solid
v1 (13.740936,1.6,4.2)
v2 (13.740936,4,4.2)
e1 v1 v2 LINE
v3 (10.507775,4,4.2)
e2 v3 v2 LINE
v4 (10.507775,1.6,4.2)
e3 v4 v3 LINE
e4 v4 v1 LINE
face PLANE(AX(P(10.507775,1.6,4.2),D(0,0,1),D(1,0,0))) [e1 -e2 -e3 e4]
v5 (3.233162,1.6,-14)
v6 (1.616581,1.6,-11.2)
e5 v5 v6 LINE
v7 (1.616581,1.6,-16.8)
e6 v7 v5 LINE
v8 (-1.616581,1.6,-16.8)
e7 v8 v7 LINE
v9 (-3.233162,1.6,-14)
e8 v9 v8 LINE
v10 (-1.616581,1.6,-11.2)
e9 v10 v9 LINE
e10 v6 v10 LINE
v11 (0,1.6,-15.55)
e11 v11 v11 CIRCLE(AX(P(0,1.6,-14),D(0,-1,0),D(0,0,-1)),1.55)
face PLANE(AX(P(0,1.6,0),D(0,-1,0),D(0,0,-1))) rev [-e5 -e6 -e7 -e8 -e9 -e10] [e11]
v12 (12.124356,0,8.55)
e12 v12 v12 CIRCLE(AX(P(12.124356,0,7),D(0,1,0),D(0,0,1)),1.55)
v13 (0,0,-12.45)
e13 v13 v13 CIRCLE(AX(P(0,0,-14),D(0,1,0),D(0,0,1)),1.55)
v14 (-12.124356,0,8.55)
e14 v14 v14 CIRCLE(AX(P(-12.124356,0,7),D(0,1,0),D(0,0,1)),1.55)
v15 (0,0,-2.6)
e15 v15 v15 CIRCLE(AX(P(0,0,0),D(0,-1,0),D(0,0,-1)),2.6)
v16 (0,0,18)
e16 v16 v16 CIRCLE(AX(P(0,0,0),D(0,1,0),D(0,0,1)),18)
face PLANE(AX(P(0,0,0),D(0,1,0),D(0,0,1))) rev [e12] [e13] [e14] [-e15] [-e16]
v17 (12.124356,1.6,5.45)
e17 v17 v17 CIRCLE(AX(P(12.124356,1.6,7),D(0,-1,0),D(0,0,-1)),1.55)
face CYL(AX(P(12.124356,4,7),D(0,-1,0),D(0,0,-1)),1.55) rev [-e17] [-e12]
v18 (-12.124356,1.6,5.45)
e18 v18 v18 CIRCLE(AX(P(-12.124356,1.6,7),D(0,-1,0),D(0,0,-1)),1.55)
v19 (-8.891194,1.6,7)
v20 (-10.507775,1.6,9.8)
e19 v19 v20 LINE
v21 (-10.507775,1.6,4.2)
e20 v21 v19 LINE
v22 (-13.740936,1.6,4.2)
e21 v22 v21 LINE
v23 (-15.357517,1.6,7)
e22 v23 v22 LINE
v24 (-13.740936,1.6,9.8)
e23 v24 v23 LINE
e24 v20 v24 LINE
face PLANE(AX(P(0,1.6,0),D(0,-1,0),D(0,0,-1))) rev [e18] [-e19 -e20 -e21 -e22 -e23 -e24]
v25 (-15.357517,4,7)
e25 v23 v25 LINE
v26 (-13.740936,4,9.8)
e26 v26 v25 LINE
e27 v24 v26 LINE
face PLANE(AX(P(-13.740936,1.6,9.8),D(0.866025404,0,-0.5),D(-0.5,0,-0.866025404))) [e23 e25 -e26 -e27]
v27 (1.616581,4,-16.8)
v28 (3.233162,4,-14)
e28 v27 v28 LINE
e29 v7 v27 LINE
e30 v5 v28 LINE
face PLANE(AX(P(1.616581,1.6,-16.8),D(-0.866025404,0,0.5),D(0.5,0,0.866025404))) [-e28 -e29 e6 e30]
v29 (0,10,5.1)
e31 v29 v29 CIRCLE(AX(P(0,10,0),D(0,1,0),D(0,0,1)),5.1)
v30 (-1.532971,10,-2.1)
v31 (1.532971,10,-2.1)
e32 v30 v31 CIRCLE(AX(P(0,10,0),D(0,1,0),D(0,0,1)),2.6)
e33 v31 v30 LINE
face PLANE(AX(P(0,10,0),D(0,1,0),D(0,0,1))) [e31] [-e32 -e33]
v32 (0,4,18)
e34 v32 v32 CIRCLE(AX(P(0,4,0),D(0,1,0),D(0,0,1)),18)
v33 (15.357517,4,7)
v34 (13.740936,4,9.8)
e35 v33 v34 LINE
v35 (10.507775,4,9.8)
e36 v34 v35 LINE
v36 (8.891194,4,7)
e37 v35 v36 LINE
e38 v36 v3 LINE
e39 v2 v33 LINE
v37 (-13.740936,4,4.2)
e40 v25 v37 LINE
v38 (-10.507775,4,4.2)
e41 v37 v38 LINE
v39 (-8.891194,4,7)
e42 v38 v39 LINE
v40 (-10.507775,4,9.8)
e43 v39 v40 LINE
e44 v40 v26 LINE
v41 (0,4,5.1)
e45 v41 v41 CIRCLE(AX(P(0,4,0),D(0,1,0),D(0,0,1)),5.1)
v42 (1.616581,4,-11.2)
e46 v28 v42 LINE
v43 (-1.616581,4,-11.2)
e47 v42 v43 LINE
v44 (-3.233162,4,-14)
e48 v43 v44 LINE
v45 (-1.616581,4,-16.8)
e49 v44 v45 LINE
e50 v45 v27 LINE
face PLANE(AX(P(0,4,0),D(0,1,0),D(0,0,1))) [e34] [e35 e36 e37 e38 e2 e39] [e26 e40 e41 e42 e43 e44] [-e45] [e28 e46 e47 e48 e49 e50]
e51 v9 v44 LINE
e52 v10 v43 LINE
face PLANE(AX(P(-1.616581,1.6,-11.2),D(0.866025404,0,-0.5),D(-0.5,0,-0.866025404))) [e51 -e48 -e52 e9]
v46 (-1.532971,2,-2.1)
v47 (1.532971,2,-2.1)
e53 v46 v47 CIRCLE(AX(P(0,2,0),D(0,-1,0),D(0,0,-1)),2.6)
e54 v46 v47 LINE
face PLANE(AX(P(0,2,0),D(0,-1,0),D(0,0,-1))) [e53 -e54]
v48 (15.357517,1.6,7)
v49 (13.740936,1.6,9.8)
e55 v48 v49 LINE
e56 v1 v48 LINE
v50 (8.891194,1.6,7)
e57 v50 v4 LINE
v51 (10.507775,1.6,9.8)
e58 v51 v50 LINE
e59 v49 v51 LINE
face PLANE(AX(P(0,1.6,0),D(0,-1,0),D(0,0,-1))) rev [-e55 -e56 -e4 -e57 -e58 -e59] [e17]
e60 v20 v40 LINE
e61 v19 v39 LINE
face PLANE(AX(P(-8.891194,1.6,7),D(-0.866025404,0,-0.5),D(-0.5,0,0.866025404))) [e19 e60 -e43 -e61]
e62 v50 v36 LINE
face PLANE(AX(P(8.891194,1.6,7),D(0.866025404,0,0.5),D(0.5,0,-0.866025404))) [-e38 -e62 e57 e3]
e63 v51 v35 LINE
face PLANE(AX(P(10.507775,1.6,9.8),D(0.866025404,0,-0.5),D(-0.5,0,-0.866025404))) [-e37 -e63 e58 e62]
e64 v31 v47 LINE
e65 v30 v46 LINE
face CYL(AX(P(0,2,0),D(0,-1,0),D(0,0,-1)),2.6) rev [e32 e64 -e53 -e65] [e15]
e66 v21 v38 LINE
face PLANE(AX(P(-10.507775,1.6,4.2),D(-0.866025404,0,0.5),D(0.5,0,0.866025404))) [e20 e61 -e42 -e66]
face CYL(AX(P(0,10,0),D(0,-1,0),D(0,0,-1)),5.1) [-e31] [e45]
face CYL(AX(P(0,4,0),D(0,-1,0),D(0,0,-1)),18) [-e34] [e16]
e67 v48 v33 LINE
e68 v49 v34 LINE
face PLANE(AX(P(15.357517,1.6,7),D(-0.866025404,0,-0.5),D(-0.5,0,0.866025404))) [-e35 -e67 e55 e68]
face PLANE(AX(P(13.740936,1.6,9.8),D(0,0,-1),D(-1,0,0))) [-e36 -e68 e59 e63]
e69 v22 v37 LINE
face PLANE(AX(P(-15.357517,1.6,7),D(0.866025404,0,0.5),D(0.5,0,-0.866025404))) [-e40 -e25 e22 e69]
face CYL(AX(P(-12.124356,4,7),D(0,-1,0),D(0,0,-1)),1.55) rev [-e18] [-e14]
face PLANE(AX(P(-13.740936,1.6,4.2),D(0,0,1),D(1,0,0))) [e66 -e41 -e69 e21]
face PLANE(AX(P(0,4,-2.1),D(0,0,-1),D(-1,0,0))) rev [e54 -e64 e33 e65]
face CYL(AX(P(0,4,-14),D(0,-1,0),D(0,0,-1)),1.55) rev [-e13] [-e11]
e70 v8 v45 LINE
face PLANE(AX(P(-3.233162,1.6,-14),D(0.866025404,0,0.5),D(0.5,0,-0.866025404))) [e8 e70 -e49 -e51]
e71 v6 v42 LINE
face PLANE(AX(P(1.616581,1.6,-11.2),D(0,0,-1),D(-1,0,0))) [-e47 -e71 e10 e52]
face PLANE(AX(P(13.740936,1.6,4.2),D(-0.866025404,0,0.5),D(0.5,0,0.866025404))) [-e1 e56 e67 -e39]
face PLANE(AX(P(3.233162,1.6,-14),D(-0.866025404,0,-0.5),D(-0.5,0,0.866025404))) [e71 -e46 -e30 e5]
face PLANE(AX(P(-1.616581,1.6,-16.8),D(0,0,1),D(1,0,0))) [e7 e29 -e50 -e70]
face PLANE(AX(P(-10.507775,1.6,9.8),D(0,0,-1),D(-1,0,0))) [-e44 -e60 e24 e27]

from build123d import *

# Parameters (mm, degrees)
SKETCH_1_R          = 18
SKETCH_1_R_2        = 1.55
EXTRUDE_1_DEPTH     = 4
SKETCH_3_R          = 2.6
CUT_EXTRUDE_2_DEPTH = 2
CUT_EXTRUDE_3_DEPTH = 26.53429067
SKETCH_5_R          = 5.1
EXTRUDE_2_DEPTH     = 6
CUT_EXTRUDE_START   = 2.4
SKETCH_2_R          = 1.55
CUT_EXTRUDE_4_DEPTH = 2.4


with BuildPart() as part:
    # 草图1 → 凸台-拉伸1 (new body)
    with BuildSketch(Plane(origin=(0, 0, 0), x_dir=(1, 0, 0), z_dir=(0, 1, 0))):
        Circle(SKETCH_1_R)
        with Locations((-12.124355653, -7)):
            Circle(SKETCH_1_R_2, mode=Mode.SUBTRACT)
        with Locations((0, 14)):
            Circle(SKETCH_1_R_2, mode=Mode.SUBTRACT)
        with Locations((12.124355653, -7)):
            Circle(SKETCH_1_R_2, mode=Mode.SUBTRACT)
    extrude(amount=EXTRUDE_1_DEPTH)

    # 草图3 → 切除-拉伸2 (cut)
    with BuildSketch(Plane.XZ):
        Circle(SKETCH_3_R)
    extrude(amount=-CUT_EXTRUDE_2_DEPTH, mode=Mode.SUBTRACT)

    # 草图4 → 切除-拉伸3 (cut, through all)
    with BuildSketch(Plane.XZ.offset(-2)):
        with BuildLine():
            ThreePointArc((2.6, 0), (-1.177768117, 2.317943542), (-1.532970972, -2.1))
            Line((-1.532970972, -2.1), (1.532970972, -2.1))
            ThreePointArc((1.532970972, -2.1), (2.317943542, -1.177768117), (2.6, 0))
        make_face()
    extrude(amount=-CUT_EXTRUDE_3_DEPTH, mode=Mode.SUBTRACT)

    # 草图5 → 凸台-拉伸2 (add)
    with BuildSketch(Plane(origin=(0, 4, 0), x_dir=(1, 0, 0), z_dir=(0, 1, 0))):
        Circle(SKETCH_5_R)
        with BuildLine():
            Line((-1.532970972, 2.1), (1.532970972, 2.1))
            ThreePointArc((1.532970972, 2.1), (0, -2.6), (-1.532970972, 2.1))
        make_face(mode=Mode.SUBTRACT)
    extrude(amount=EXTRUDE_2_DEPTH)

    # 草图2 → 切除-拉伸4 (cut)
    # profile 1 of 3: a face of its own
    with BuildSketch(Plane.XZ.offset(-4).offset(CUT_EXTRUDE_START)):
        Polygon((-8.891194146, 7), (-10.507774899, 9.8), (-13.740936407, 9.8), (-15.35751716, 7), (-13.740936407, 4.2), (-10.507774899, 4.2), align=None)
        with Locations((-12.124355653, 7)):
            Circle(SKETCH_2_R, mode=Mode.SUBTRACT)
    # profile 2 of 3: a face of its own
    with BuildSketch(Plane.XZ.offset(-4).offset(CUT_EXTRUDE_START)):
        Polygon((-1.616580754, -11.2), (-3.233161507, -14), (-1.616580754, -16.8), (1.616580754, -16.8), (3.233161507, -14), (1.616580754, -11.2), align=None)
        with Locations((0, -14)):
            Circle(SKETCH_2_R, mode=Mode.SUBTRACT)
    # profile 3 of 3: a face of its own
    with BuildSketch(Plane.XZ.offset(-4).offset(CUT_EXTRUDE_START)):
        Polygon((10.507774899, 4.2), (13.740936407, 4.2), (15.35751716, 7), (13.740936407, 9.8), (10.507774899, 9.8), (8.891194146, 7), align=None)
        with Locations((12.124355653, 7)):
            Circle(SKETCH_2_R, mode=Mode.SUBTRACT)
    extrude(amount=-CUT_EXTRUDE_4_DEPTH, mode=Mode.SUBTRACT)


solid = part.part
